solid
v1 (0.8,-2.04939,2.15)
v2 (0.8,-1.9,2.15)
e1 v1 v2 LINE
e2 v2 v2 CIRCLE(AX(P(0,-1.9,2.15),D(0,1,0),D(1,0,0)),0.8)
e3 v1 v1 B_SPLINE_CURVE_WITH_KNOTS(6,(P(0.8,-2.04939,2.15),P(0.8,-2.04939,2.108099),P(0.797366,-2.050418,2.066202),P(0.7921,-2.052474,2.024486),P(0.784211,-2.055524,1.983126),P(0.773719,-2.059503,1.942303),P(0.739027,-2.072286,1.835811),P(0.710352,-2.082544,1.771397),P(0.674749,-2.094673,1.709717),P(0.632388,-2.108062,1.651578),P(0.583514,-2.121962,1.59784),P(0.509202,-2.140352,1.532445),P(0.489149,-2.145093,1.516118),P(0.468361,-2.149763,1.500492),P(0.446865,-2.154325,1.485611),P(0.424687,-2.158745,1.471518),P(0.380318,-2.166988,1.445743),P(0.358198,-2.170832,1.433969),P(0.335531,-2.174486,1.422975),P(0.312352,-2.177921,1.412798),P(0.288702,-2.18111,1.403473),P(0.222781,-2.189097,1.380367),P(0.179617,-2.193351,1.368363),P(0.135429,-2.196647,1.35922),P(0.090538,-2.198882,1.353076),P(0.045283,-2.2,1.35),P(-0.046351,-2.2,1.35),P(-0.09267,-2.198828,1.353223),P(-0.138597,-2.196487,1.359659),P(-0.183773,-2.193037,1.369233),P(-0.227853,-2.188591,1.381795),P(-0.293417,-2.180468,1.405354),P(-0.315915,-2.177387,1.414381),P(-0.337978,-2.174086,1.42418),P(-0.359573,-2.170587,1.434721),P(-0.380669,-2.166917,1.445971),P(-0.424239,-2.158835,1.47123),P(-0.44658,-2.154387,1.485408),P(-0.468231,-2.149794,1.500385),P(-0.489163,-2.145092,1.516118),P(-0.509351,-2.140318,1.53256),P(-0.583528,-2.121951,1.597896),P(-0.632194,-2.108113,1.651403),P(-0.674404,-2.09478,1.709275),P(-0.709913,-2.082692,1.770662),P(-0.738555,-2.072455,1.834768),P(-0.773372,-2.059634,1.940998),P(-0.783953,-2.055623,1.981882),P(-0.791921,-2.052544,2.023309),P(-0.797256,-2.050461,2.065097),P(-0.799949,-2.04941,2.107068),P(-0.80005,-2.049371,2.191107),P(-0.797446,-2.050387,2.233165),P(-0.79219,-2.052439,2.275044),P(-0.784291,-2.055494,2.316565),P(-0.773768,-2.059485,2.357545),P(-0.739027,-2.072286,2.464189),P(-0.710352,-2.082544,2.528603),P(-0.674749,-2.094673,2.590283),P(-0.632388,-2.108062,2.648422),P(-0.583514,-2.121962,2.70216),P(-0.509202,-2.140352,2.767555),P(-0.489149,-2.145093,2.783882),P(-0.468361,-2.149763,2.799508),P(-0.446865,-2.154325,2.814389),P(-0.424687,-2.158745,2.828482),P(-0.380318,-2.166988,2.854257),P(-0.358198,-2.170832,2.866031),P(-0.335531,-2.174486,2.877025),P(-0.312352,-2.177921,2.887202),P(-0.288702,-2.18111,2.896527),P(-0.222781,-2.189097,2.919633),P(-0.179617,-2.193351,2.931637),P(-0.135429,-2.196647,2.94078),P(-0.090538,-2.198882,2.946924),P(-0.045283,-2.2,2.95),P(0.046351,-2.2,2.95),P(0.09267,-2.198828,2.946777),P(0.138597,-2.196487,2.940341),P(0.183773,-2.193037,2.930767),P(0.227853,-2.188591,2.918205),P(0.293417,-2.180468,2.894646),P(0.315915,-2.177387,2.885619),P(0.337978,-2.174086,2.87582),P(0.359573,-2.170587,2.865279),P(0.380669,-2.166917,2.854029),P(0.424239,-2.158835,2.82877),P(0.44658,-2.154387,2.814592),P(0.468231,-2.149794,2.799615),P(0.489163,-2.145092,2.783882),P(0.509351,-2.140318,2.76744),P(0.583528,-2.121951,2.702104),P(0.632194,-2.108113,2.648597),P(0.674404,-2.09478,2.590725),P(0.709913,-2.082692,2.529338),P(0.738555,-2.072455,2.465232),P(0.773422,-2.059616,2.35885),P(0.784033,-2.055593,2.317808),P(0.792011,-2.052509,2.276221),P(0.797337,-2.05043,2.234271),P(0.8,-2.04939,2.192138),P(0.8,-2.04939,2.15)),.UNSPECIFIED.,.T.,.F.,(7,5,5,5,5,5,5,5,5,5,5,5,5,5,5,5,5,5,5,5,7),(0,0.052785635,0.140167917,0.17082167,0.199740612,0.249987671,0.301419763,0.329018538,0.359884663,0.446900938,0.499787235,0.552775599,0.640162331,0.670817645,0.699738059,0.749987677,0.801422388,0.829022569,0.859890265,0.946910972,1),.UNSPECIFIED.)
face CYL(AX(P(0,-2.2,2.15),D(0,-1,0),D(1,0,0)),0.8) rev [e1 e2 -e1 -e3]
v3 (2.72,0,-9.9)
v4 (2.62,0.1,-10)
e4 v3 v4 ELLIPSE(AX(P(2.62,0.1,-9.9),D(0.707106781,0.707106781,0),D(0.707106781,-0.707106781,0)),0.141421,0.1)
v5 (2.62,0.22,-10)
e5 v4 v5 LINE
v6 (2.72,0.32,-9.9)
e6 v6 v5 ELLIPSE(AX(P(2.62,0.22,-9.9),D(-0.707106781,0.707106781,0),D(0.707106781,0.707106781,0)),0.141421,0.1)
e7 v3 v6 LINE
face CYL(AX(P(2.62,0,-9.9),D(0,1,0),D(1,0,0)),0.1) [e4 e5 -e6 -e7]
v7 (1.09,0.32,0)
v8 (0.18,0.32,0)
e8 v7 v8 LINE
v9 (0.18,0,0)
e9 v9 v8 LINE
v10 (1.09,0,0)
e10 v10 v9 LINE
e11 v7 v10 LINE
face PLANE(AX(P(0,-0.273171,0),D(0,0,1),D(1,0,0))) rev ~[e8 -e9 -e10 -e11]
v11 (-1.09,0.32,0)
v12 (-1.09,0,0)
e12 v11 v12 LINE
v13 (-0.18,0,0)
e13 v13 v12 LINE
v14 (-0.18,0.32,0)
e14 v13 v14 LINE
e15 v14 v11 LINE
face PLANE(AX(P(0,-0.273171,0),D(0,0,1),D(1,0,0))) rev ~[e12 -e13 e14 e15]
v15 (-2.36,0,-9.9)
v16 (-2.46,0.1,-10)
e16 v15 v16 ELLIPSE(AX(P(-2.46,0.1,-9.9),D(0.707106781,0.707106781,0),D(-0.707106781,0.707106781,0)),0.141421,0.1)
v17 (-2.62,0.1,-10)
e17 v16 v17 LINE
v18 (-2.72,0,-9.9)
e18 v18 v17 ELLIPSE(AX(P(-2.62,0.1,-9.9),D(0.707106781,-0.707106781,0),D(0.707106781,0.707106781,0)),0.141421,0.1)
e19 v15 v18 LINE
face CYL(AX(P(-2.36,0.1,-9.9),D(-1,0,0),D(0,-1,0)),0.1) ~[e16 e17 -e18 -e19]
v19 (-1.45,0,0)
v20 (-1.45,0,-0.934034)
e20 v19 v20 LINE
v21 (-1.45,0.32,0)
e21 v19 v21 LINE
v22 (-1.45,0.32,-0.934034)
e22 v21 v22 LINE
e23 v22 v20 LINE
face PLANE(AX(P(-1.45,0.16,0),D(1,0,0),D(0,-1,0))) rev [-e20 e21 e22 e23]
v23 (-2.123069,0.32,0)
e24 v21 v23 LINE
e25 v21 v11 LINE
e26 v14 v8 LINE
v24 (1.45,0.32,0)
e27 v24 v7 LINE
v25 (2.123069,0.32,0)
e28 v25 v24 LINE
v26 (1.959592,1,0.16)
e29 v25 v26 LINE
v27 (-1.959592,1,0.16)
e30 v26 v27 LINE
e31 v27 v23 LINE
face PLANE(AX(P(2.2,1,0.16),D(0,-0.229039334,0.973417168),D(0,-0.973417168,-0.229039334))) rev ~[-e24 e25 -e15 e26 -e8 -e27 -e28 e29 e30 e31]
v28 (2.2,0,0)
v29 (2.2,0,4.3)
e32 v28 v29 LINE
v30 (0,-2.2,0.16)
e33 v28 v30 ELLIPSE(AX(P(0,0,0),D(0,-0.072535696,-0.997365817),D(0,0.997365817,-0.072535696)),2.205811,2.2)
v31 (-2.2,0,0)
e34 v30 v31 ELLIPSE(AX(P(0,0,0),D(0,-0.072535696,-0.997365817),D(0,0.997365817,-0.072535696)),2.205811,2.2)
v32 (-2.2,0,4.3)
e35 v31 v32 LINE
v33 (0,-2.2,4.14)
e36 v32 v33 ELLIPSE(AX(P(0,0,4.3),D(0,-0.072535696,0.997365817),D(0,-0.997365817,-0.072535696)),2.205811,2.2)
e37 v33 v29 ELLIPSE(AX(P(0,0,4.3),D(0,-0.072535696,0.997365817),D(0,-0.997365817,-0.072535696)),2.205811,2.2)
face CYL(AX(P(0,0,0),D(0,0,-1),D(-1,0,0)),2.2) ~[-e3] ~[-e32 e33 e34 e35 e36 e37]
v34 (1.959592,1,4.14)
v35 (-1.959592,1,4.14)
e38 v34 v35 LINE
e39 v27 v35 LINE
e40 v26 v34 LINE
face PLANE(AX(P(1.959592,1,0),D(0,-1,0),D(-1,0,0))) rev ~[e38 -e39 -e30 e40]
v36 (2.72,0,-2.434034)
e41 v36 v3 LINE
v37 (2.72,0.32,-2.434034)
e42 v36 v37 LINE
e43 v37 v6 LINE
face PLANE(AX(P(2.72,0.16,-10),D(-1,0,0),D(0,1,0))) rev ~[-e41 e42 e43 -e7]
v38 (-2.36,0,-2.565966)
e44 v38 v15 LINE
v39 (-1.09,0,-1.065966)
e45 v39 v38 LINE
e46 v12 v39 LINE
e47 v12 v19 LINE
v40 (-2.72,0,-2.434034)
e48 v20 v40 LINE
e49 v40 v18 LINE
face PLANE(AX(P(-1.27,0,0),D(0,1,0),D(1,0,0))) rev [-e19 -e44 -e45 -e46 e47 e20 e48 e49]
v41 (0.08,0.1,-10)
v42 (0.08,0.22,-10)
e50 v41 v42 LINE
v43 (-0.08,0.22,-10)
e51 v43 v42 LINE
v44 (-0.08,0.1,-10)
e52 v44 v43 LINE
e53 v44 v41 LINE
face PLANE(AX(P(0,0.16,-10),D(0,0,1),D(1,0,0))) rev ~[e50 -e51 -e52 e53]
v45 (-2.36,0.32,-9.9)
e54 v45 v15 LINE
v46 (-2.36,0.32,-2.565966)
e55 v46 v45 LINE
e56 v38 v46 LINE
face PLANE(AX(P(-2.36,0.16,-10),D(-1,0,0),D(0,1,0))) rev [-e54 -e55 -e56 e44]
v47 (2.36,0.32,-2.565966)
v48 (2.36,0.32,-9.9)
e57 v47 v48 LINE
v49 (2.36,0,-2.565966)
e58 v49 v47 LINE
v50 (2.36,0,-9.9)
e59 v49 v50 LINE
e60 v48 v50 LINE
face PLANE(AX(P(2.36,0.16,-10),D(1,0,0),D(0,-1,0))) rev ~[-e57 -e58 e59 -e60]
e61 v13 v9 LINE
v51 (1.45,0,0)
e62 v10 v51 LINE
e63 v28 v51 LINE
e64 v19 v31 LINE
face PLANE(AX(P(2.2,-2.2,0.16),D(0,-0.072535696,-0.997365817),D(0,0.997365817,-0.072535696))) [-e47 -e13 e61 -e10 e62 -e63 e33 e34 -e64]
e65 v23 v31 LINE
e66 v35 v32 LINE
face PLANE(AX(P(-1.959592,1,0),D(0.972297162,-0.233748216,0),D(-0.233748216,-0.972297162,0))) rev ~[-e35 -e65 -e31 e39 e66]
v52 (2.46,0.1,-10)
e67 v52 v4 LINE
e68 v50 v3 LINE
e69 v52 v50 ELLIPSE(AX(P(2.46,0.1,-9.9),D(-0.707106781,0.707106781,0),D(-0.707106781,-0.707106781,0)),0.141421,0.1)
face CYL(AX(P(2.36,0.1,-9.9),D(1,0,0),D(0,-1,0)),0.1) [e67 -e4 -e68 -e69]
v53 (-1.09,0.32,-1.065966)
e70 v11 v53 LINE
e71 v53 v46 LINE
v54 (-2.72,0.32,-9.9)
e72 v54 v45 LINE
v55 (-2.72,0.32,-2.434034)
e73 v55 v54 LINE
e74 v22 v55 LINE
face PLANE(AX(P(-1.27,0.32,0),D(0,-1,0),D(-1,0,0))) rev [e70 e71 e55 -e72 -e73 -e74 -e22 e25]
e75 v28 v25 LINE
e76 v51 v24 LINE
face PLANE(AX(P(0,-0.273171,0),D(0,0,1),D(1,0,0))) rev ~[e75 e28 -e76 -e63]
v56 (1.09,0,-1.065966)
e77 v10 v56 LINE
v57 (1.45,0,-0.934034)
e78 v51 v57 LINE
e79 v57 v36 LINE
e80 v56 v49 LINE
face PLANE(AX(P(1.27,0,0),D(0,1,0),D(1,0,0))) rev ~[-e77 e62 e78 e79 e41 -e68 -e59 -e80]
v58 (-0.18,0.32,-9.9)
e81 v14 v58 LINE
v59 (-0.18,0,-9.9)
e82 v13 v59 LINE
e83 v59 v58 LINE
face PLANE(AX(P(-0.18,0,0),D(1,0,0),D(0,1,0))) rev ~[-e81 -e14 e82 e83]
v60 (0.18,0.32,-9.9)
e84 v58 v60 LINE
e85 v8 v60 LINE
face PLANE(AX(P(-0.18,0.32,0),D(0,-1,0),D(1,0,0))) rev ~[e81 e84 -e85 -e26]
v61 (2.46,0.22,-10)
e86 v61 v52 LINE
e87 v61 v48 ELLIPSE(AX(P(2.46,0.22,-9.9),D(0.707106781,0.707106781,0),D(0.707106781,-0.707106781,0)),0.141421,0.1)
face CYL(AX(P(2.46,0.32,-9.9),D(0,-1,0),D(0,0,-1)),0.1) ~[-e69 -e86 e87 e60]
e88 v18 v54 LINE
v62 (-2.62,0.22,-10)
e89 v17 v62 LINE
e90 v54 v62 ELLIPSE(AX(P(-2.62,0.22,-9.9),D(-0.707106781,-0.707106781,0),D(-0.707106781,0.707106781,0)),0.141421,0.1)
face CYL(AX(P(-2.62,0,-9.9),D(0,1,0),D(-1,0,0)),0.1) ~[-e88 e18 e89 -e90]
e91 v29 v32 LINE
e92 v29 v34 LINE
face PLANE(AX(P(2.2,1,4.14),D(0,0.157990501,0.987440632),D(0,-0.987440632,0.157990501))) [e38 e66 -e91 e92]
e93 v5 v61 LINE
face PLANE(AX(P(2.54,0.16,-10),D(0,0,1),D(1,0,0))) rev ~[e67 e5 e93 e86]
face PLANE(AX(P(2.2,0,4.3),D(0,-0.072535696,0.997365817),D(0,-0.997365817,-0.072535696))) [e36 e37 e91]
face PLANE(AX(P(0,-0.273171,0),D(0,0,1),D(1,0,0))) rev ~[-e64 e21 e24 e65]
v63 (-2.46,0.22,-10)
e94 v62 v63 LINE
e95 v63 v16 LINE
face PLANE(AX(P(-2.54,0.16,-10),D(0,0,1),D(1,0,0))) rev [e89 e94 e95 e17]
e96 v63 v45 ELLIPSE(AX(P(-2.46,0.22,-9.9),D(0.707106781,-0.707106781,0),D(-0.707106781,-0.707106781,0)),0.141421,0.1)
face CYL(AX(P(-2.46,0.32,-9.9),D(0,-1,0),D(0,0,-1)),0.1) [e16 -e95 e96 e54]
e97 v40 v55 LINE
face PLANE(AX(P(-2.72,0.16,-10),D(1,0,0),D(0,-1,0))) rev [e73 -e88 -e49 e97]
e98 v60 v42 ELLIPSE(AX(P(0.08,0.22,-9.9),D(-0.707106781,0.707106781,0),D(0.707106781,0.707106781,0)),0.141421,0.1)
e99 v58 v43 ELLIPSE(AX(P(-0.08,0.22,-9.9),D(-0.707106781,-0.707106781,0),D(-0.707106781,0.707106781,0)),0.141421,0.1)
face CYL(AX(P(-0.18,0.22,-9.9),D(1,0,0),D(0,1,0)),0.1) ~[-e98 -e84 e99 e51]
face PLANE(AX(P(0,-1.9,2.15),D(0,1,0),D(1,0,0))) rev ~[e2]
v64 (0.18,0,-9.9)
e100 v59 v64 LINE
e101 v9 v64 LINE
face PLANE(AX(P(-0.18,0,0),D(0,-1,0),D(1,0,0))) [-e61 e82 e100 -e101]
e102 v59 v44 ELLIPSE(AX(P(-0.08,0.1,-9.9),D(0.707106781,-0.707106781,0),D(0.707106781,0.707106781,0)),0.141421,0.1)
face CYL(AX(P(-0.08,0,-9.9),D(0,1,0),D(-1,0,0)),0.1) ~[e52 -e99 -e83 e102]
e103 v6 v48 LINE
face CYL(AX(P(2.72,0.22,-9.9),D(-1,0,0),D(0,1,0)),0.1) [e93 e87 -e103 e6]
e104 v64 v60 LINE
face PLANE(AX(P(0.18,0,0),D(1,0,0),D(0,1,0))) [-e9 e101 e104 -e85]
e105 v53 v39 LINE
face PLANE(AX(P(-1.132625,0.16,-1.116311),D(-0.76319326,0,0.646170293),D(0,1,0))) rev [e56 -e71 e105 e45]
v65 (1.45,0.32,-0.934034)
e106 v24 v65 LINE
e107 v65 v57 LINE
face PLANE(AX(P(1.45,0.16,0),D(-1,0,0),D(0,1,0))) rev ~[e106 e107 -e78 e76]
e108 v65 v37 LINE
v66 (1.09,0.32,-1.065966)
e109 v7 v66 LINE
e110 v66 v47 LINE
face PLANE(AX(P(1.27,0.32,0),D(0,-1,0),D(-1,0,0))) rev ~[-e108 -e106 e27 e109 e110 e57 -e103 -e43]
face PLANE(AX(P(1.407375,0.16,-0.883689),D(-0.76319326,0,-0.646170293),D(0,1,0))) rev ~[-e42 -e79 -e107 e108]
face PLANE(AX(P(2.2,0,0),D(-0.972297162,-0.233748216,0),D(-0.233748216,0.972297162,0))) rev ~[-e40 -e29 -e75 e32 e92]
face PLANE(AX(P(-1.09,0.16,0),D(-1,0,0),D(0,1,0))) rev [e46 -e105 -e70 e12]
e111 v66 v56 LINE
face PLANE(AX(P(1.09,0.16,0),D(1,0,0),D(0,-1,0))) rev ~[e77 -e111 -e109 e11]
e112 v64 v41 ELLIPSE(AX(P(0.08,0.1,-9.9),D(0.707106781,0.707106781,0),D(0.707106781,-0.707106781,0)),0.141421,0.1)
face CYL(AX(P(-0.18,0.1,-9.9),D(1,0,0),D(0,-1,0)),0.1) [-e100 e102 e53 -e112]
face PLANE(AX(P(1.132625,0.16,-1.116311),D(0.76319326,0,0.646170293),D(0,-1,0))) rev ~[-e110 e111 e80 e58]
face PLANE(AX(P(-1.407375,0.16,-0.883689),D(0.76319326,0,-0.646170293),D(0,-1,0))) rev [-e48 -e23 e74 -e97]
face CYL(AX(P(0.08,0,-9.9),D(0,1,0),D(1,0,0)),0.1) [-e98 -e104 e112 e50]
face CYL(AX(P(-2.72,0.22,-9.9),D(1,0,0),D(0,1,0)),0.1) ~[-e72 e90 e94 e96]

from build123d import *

# Parameters (mm, degrees)
BOSS_EXTRUDE1_DEPTH = 4.3
SKETCH2_W           = 0.36
SKETCH2_H           = 0.32
SKETCH2_4_W         = 0.36
SKETCH2_4_H         = 0.32
BOSS_EXTRUDE2_DEPTH = 10
FILLET1_R           = 0.1
SKETCH4_R           = 0.8
CUT_EXTRUDE1_DEPTH  = 0.25
CUT_EXTRUDE2_DEPTH  = 5
CUT_EXTRUDE3_DEPTH  = 5
CUT_EXTRUDE4_DEPTH  = 5
CUT_EXTRUDE6_DEPTH  = 5
SKETCH4_3_R         = 0.8
CUT_EXTRUDE8_DEPTH  = 0.3


with BuildPart() as part:
    # Sketch1 → Boss-Extrude1 (new body)
    with BuildSketch(Plane.XY):
        with BuildLine():
            Line((-1.959591794, 1), (-2.2, 0))
            ThreePointArc((-2.2, 0), (0, -2.2), (2.2, 0))
            Line((2.2, 0), (1.959591794, 1))
            Line((1.959591794, 1), (-1.959591794, 1))
        make_face()
    extrude(amount=BOSS_EXTRUDE1_DEPTH)

    # Sweep1: sweep along a curve in space
    with BuildLine() as sweep1_path:
        Line((1.27, 0.16, 0), (1.27, 0.16, -1))
        Line((1.27, 0.16, -1), (2.54, 0.16, -2.5))
        Line((2.54, 0.16, -10), (2.54, 0.16, -2.5))
    # Sketch2 → Sweep1 (sweep)
    with BuildSketch(Plane.XY):
        with Locations((1.27, 0.16)):
            Rectangle(SKETCH2_W, SKETCH2_H)
    sweep1 = sweep(path=sweep1_path.line, transition=Transition.RIGHT)

    # Mirror1: Sweep1 across plane
    add(sweep1.mirror(Plane(origin=(0, 0, 0), x_dir=(0, 0, 1), z_dir=(1, 0, 0))))

    # Sketch2<4> → Boss-Extrude2 (add)
    with BuildSketch(Plane.XY):
        with Locations((0, 0.16)):
            Rectangle(SKETCH2_4_W, SKETCH2_4_H)
    extrude(amount=-BOSS_EXTRUDE2_DEPTH)

    # Fillet1
    fillet1_edges = [part.edges().sort_by_distance(p)[0] for p in [
        (-2.54, 0.32, -10),
        (-2.72, 0.16, -10),
        (-2.54, 0, -10),
        (-2.36, 0.16, -10),
        (0, 0.32, -10),
        (-0.18, 0.16, -10),
        (0, 0, -10),
        (0.18, 0.16, -10),
        (2.36, 0.16, -10),
        (2.54, 0.32, -10),
        (2.72, 0.16, -10),
        (2.54, 0, -10),
    ]]
    fillet(fillet1_edges, radius=FILLET1_R)

    # Sketch4 → Cut-Extrude1 (cut)
    with BuildSketch(Plane(origin=(0, -2.2, 0), x_dir=(1, 0, 0), z_dir=(0, 1, 0))):
        with Locations((0, -2.15)):
            Circle(SKETCH4_R)
    extrude(amount=CUT_EXTRUDE1_DEPTH, mode=Mode.SUBTRACT)

    # Sketch5 → Cut-Extrude2 (cut)
    with BuildSketch(Plane(origin=(2.2, 0, 0), x_dir=(0, 0, -1), z_dir=(1, 0, 0))):
        Polygon((-4.3, 1), (-4.3, 0), (-4.14, 1), align=None)
    extrude(amount=-CUT_EXTRUDE2_DEPTH, mode=Mode.SUBTRACT)

    # Sketch6 → Cut-Extrude3 (cut)
    with BuildSketch(Plane(origin=(2.2, 0, 0), x_dir=(0, 0, -1), z_dir=(1, 0, 0))):
        Polygon((-4.3, 0), (-4.14, -2.2), (-4.3, -2.2), align=None)
    extrude(amount=-CUT_EXTRUDE3_DEPTH, mode=Mode.SUBTRACT)

    # Sketch7 → Cut-Extrude4 (cut)
    with BuildSketch(Plane(origin=(2.2, 0, 0), x_dir=(0, 0, -1), z_dir=(1, 0, 0))):
        Polygon((0, 0), (0, -2.2), (-0.16, -2.2), align=None)
    extrude(amount=-CUT_EXTRUDE4_DEPTH, mode=Mode.SUBTRACT)

    # Sketch8 → Cut-Extrude6 (cut)
    with BuildSketch(Plane(origin=(2.2, 0, 0), x_dir=(0, 0, -1), z_dir=(1, 0, 0))):
        Polygon((0, 0.32), (0, 1), (-0.16, 1), align=None)
    extrude(amount=-CUT_EXTRUDE6_DEPTH, mode=Mode.SUBTRACT)

    # Sketch4<3> → Cut-Extrude8 (cut)
    with BuildSketch(Plane(origin=(0, -2.2, 0), x_dir=(1, 0, 0), z_dir=(0, 1, 0))):
        with Locations((0, -2.15)):
            Circle(SKETCH4_3_R)
    extrude(amount=CUT_EXTRUDE8_DEPTH, mode=Mode.SUBTRACT)


solid = part.part
